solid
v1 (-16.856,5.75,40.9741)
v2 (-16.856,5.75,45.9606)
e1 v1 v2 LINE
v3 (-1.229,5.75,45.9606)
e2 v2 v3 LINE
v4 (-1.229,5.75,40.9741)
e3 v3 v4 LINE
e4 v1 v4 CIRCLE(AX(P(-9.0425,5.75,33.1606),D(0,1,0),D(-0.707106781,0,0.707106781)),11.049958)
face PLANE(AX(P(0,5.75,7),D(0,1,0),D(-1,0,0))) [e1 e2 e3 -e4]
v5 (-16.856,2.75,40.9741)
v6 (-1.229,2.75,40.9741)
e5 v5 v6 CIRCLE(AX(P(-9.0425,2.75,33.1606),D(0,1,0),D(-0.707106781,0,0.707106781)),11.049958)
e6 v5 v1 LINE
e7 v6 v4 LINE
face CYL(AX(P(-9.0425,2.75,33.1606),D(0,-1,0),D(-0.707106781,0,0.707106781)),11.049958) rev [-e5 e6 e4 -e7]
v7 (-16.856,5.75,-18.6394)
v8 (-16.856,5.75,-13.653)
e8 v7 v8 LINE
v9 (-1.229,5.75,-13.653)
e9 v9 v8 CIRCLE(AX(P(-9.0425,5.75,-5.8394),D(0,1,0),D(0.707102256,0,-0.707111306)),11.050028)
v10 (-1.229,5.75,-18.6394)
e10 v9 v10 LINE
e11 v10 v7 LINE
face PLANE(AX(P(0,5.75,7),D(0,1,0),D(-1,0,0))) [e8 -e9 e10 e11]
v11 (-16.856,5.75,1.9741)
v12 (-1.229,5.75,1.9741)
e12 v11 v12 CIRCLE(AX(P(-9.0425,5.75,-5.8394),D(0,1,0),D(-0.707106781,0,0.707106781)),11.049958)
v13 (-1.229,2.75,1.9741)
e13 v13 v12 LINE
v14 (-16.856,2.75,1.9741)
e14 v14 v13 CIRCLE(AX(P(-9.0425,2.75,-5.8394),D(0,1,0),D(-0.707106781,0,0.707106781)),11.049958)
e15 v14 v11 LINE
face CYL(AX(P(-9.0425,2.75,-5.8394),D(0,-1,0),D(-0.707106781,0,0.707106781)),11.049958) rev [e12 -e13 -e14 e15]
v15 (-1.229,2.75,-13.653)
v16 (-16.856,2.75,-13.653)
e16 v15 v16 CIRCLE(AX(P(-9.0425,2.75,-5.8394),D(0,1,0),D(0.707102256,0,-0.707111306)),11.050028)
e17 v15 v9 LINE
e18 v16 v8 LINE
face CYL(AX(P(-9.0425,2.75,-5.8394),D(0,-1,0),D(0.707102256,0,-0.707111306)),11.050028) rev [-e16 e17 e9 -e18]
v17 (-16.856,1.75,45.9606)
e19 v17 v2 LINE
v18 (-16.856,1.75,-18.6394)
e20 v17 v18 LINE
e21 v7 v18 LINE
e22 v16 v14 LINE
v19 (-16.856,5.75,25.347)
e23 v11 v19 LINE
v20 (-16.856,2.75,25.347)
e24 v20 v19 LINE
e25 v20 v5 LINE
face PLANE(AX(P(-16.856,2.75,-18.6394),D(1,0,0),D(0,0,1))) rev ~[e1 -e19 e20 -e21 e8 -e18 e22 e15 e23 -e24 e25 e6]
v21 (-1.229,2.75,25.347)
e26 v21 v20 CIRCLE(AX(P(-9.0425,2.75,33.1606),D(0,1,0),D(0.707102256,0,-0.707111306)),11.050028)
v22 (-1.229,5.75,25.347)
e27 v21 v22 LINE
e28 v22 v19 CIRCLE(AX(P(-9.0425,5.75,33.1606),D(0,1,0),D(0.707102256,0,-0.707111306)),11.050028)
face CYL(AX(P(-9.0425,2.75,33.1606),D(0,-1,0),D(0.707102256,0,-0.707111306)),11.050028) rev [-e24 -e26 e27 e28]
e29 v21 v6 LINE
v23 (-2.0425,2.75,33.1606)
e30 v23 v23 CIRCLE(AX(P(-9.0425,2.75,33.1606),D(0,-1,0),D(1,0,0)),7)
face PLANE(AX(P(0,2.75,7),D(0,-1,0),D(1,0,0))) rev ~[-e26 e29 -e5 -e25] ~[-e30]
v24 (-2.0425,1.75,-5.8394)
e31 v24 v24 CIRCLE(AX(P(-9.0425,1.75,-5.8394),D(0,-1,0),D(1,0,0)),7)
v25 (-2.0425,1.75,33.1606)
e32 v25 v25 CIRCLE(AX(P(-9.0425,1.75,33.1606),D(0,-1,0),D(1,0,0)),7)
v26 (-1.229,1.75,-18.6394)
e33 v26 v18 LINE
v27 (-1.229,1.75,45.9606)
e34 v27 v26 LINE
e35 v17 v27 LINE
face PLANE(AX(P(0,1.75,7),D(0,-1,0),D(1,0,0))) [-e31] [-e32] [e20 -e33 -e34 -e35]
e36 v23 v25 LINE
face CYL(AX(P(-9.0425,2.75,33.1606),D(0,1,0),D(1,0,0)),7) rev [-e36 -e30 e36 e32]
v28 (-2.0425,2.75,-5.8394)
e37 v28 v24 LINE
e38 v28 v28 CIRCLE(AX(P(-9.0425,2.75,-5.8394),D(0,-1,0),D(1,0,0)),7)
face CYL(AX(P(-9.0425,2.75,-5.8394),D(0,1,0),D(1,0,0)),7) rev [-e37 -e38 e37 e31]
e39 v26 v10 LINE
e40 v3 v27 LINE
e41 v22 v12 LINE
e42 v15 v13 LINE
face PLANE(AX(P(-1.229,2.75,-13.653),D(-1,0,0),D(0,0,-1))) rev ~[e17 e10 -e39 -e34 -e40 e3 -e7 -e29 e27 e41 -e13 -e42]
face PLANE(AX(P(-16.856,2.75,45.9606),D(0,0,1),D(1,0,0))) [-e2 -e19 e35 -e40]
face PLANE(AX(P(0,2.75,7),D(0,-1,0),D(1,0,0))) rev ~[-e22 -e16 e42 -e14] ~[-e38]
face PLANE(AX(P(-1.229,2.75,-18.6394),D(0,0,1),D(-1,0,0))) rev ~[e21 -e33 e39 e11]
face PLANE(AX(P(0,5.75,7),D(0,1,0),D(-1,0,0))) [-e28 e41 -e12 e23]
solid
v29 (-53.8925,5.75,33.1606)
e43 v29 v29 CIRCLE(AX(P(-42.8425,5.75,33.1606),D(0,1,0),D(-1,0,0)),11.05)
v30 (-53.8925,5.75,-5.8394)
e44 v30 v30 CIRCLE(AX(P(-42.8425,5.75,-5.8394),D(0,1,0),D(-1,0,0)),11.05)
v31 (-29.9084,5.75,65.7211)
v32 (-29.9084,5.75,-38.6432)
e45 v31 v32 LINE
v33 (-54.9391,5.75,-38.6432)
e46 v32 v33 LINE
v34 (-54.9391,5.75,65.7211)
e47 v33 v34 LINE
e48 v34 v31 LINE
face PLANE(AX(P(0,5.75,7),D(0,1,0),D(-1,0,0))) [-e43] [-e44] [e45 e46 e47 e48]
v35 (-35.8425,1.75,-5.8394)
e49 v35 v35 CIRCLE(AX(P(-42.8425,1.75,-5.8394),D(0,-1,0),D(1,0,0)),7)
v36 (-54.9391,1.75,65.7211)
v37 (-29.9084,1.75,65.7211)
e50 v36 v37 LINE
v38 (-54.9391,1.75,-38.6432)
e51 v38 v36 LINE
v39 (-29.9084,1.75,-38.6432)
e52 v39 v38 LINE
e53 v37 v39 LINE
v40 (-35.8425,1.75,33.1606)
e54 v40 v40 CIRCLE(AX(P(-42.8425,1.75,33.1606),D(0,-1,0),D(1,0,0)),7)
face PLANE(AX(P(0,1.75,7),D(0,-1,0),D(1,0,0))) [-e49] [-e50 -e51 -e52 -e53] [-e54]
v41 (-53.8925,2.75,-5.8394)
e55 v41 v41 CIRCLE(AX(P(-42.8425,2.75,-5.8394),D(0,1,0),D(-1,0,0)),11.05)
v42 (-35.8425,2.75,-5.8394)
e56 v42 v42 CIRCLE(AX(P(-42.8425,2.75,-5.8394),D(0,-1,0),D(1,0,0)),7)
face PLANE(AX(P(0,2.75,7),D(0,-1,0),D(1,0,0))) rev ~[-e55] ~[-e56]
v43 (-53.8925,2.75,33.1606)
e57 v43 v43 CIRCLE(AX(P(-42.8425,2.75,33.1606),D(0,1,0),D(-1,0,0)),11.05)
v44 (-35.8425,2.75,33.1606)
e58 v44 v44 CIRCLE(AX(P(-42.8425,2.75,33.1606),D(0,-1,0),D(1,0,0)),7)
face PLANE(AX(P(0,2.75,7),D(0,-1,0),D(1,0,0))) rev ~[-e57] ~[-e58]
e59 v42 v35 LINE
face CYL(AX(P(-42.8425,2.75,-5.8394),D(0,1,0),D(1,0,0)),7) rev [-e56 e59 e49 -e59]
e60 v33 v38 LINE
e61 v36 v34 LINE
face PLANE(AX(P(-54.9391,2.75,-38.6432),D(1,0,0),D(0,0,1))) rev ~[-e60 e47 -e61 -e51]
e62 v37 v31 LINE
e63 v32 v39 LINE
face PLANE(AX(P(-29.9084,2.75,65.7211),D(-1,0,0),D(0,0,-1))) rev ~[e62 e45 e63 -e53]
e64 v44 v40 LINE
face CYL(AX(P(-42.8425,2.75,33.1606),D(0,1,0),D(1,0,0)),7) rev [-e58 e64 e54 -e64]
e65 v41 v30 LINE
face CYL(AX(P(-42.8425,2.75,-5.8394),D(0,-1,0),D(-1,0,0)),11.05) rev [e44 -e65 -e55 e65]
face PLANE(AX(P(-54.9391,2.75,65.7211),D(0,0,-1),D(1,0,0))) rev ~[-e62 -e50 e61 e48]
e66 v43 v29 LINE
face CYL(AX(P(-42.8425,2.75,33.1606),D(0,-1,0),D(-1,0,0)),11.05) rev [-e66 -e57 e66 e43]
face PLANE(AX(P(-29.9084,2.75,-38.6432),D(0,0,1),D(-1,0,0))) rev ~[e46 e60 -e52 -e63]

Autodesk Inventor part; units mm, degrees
ref_plane "YZ Plane" through (0, 0, 0) normal (1, 0, 0) x (0, 1, 0)
ref_plane "XZ Plane" through (0, 0, 0) normal (0, 1, 0) x (-1, 0, 0)
ref_plane "Main Work Pane" through (0, 2.75, 7) normal (0, 1, 0) x (-1, 0, 0)
sketch "Panel" plane through (0, 2.75, 7) normal (0, 1, 0) x (-1, 0, 0)
  circle A0 centre (9.0425, 26.1606) radius 11.05 construction
  circle A1 centre (9.0425, -12.8394) radius 11.05 construction
  circle A2 centre (42.8425, -12.8394) radius 11.05
  circle A3 centre (42.8425, 26.1606) radius 11.05
  line L0 (42.8425, -12.8394) -> (42.8425, -12.8394) construction
  line L1 (60.8425, 44.1606) -> (24.8425, 44.1606) construction
  line L2 (24.8425, 44.1606) -> (24.8425, 8.1606) construction
  line L3 (24.8425, 8.1606) -> (60.8425, 8.1606) construction
  line L4 (60.8425, 8.1606) -> (60.8425, 44.1606) construction
  line L5 (60.8425, 44.1606) -> (24.8425, 8.1606) construction
  line L6 (24.8425, 44.1606) -> (60.8425, 8.1606) construction
  line L7 (60.8425, 5.1606) -> (24.8425, 5.1606) construction
  line L8 (24.8425, 5.1606) -> (24.8425, -30.8394) construction
  line L9 (24.8425, -30.8394) -> (60.8425, -30.8394) construction
  line L10 (60.8425, -30.8394) -> (60.8425, 5.1606) construction
  line L11 (60.8425, 5.1606) -> (24.8425, -30.8394) construction
  line L12 (24.8425, 5.1606) -> (60.8425, -30.8394) construction
  line L13 (21.8425, 38.9606) -> (-3.7575, 38.9606) construction
  line L14 (-3.7575, 38.9606) -> (-3.7575, 13.3606) construction
  line L15 (-3.7575, 13.3606) -> (21.8425, 13.3606) construction
  line L16 (21.8425, 13.3606) -> (21.8425, 38.9606) construction
  line L17 (21.8425, 38.9606) -> (-3.7575, 13.3606) construction
  line L18 (-3.7575, 38.9606) -> (21.8425, 13.3606) construction
  line L19 (21.8425, -0.0394) -> (-3.7575, -0.0394) construction
  line L20 (-3.7575, -0.0394) -> (-3.7575, -25.6394) construction
  line L21 (-3.7575, -25.6394) -> (21.8425, -25.6394) construction
  line L22 (21.8425, -25.6394) -> (21.8425, -0.0394) construction
  line L23 (21.8425, -0.0394) -> (-3.7575, -25.6394) construction
  line L24 (-3.7575, -0.0394) -> (21.8425, -25.6394) construction
  line L25 (60.8425, -30.8394) -> (60.8425, 44.1606) construction
  line L26 (60.8425, 44.1606) -> (-3.7575, 44.1606) construction
  line L27 (-3.7575, 44.1606) -> (-3.7575, -30.8394) construction
  line L28 (-3.7575, -30.8394) -> (60.8425, -30.8394) construction
  line L29 (91.5425, -93.8394) -> (-34.4575, -93.8394) construction
  line L30 (-34.4575, -93.8394) -> (-34.4575, 107.1606) construction
  line L31 (-34.4575, 107.1606) -> (91.5425, 107.1606) construction
  line L32 (91.5425, 107.1606) -> (91.5425, -93.8394) construction
  line L33 (42.8425, 15.1106) -> (42.8425, -1.7894) construction
  line L34 (31.7925, 26.1606) -> (20.0925, 26.1606) construction
  line L35 (9.0425, 15.1106) -> (9.0425, -1.7894) construction
  line L36 (20.0925, -12.8394) -> (31.7925, -12.8394) construction
  line L37 (17.4252, 107.1606) -> (17.4252, 44.1606) construction
  line L38 (17.4252, -30.8394) -> (17.4252, -93.8394) construction
  line L39 (60.8425, 6.6606) -> (91.5425, 6.6606) construction
  line L40 (-3.7575, 6.6606) -> (-34.4575, 6.6606) construction
  line L41 (71.3425, 84.9606) -> (89.5425, 84.9606) construction
  line L42 (89.5425, 84.9606) -> (89.5425, 105.1606) construction
  line L43 (89.5425, 105.1606) -> (71.3425, 105.1606) construction
  line L44 (71.3425, 105.1606) -> (71.3425, 84.9606) construction
  line L45 (69.3425, 107.1606) -> (69.3425, 82.9606) construction
  line L46 (69.3425, 82.9606) -> (91.5425, 82.9606) construction
  line L47 (89.5425, -91.8394) -> (71.3425, -91.8394) construction
  line L48 (71.3425, -91.8394) -> (71.3425, -71.6394) construction
  line L49 (71.3425, -71.6394) -> (89.5425, -71.6394) construction
  line L50 (89.5425, -71.6394) -> (89.5425, -91.8394) construction
  line L51 (91.5425, -69.6394) -> (69.3425, -69.6394) construction
  line L52 (69.3425, -69.6394) -> (69.3425, -93.8394) construction
  line L53 (-32.4575, -91.8394) -> (-14.2575, -91.8394) construction
  line L54 (-14.2575, -91.8394) -> (-14.2575, -71.6394) construction
  line L55 (-14.2575, -71.6394) -> (-32.4575, -71.6394) construction
  line L56 (-32.4575, -71.6394) -> (-32.4575, -91.8394) construction
  line L57 (-12.2575, -93.8394) -> (-12.2575, -69.6394) construction
  line L58 (-12.2575, -69.6394) -> (-34.4575, -69.6394) construction
  line L59 (-14.2575, 84.9606) -> (-32.4575, 84.9606) construction
  line L60 (-32.4575, 84.9606) -> (-32.4575, 105.1606) construction
  line L61 (-32.4575, 105.1606) -> (-14.2575, 105.1606) construction
  line L62 (-14.2575, 105.1606) -> (-14.2575, 84.9606) construction
  line L63 (-12.2575, 107.1606) -> (-12.2575, 82.9606) construction
  line L64 (-12.2575, 82.9606) -> (-34.4575, 82.9606) construction
  circle A4 centre (80.4425, 95.0606) radius 2 construction
  line L65 (80.4425, 95.0606) -> (71.3425, 95.0606) construction
  line L66 (80.4425, 95.0606) -> (89.5425, 95.0606) construction
  line L67 (80.4425, 95.0606) -> (80.4425, 105.1606) construction
  line L68 (80.4425, 95.0606) -> (80.4425, 84.9606) construction
  circle A5 centre (-23.3575, 95.0606) radius 2 construction
  line L69 (-23.3575, 95.0606) -> (-23.3575, 84.9606) construction
  line L70 (-23.3575, 95.0606) -> (-23.3575, 105.1606) construction
  line L71 (-23.3575, 95.0606) -> (-32.4575, 95.0606) construction
  line L72 (-23.3575, 95.0606) -> (-14.2575, 95.0606) construction
  circle A6 centre (80.4425, -81.7394) radius 2 construction
  line L73 (80.4425, -81.7394) -> (80.4425, -71.6394) construction
  line L74 (80.4425, -71.6394) -> (80.4425, -81.7394) construction
  line L75 (80.4425, -91.8394) -> (80.4425, -81.7394) construction
  line L76 (80.4425, -81.7394) -> (71.3425, -81.7394) construction
  line L77 (80.4425, -81.7394) -> (89.5425, -81.7394) construction
  circle A7 centre (-23.3575, -81.7394) radius 2 construction
  line L78 (-23.3575, -81.7394) -> (-23.3575, -91.8394) construction
  line L79 (-23.3575, -81.7394) -> (-14.2575, -81.7394) construction
  line L80 (-23.3575, -81.7394) -> (-32.4575, -81.7394) construction
  line L81 (-23.3575, -81.7394) -> (-23.3575, -71.6394) construction
  line L82 (54.9391, 58.7211) -> (29.9084, 58.7211)
  line L83 (29.9084, 58.7211) -> (29.9084, -45.6432)
  line L84 (29.9084, -45.6432) -> (54.9391, -45.6432)
  line L85 (54.9391, -45.6432) -> (54.9391, 58.7211)
  arc A8 (1.229, -20.653) -> (16.856, -20.653) centre (9.0425, -12.8394) ccw
  arc A9 (16.856, -5.0259) -> (1.229, -5.0259) centre (9.0425, -12.8394) ccw
  arc A10 (1.229, 18.347) -> (16.856, 18.347) centre (9.0425, 26.1606) ccw
  arc A11 (16.856, 33.9741) -> (1.229, 33.9741) centre (9.0425, 26.1606) ccw
  line L86 (16.856, -20.653) -> (16.856, -5.0259)
  line L87 (16.856, -5.0259) -> (16.856, 18.347)
  line L88 (16.856, 18.347) -> (16.856, 33.9741)
  line L89 (1.229, 33.9741) -> (1.229, 18.347)
  line L90 (1.229, 18.347) -> (1.229, -5.0259)
  line L91 (1.229, -5.0259) -> (1.229, -20.653)
  line L92 (1.229, -20.653) -> (1.229, -25.6394)
  line L93 (1.229, -25.6394) -> (16.856, -25.6394)
  line L94 (16.856, -25.6394) -> (16.856, -20.653)
  line L95 (16.856, 33.9741) -> (16.856, 38.9606)
  line L96 (16.856, 38.9606) -> (1.229, 38.9606)
  line L97 (1.229, 38.9606) -> (1.229, 33.9741)
  dimension "d337" = 22.1
  dimension "d490" = 36
  dimension "d491" = 36
  dimension "d494" = 3
  dimension "d495" = 25.6
  dimension "d496" = 25.6
  dimension "d497" = 3
  dimension "d498" = 0
  dimension "d582" = 126
  dimension "d583" = 201
  dimension "d584" = 2
  dimension "d585" = 2
  dimension "d586" = 2
  dimension "d587" = 2
  dimension "d588" = 20.2
  dimension "d589" = 18.2
  dimension "d592" = 2
  dimension "d593" = 4
  dimension "d597" = 2
  dimension "d648" = 2
  dimension "d651" = 152.6
ref_plane "Work Plane13" through (0, 2.75, 7) normal (0, -1, 0) x (1, 0, 0)
ref_plane "Work Plane11" through (0, 2.75, 7) normal (0, -1, 0) x (1, 0, 0)
ref_plane "Work Plane12" through (0, 4.75, 7) normal (0, 1, 0) x (1, 0, 0)
extrude "FlatPlane" add sketch "Panel" along normal blind 3 contours L85 L84 L83 L82 | A8 L94 L93 L92 | L90 A10 L87 A9 | L97 L96 L95 A11
sketch "Sketch21" plane through (0, 2.75, 7) normal (0, -1, 0) x (1, 0, 0)
  circle A0 centre (-42.8425, 26.1606) radius 11.05 projected
  circle A1 centre (-42.8425, 26.1606) radius 7
  circle A2 centre (-42.8425, -12.8394) radius 11.05 projected
  circle A3 centre (-42.8425, -12.8394) radius 7
  arc A4 (-1.229, 33.9741) -> (-16.856, 33.9741) centre (-9.0425, 26.1606) ccw projected
  circle A5 centre (-9.0425, 26.1606) radius 7
  arc A6 (-16.856, -20.653) -> (-1.229, -20.653) centre (-9.0425, -12.8394) ccw projected
  circle A7 centre (-9.0425, -12.8394) radius 7
  line L0 (-54.9391, 58.7211) -> (-29.9084, 58.7211)
  line L1 (-29.9084, 58.7211) -> (-29.9084, -45.6432)
  line L2 (-29.9084, -45.6432) -> (-54.9391, -45.6432)
  line L3 (-54.9391, -45.6432) -> (-54.9391, 58.7211)
  line L4 (-16.856, 38.9606) -> (-1.229, 38.9606)
  line L5 (-1.229, 38.9606) -> (-1.229, -25.6394)
  line L6 (-1.229, -25.6394) -> (-16.856, -25.6394)
  line L7 (-16.856, -25.6394) -> (-16.856, 38.9606)
  point P0 (0, -7)
  dimension "d656" = 14
extrude "Extrusion18" add sketch "Sketch21" along normal blind 1 contours A0 | A2 | L5 A6 L7 A4 | A4 L7 L4 L5 | L5 L6 L7 A6 | L0 L1 L2 L3
properties part number "FilterHolder" material "NylonD2W"
